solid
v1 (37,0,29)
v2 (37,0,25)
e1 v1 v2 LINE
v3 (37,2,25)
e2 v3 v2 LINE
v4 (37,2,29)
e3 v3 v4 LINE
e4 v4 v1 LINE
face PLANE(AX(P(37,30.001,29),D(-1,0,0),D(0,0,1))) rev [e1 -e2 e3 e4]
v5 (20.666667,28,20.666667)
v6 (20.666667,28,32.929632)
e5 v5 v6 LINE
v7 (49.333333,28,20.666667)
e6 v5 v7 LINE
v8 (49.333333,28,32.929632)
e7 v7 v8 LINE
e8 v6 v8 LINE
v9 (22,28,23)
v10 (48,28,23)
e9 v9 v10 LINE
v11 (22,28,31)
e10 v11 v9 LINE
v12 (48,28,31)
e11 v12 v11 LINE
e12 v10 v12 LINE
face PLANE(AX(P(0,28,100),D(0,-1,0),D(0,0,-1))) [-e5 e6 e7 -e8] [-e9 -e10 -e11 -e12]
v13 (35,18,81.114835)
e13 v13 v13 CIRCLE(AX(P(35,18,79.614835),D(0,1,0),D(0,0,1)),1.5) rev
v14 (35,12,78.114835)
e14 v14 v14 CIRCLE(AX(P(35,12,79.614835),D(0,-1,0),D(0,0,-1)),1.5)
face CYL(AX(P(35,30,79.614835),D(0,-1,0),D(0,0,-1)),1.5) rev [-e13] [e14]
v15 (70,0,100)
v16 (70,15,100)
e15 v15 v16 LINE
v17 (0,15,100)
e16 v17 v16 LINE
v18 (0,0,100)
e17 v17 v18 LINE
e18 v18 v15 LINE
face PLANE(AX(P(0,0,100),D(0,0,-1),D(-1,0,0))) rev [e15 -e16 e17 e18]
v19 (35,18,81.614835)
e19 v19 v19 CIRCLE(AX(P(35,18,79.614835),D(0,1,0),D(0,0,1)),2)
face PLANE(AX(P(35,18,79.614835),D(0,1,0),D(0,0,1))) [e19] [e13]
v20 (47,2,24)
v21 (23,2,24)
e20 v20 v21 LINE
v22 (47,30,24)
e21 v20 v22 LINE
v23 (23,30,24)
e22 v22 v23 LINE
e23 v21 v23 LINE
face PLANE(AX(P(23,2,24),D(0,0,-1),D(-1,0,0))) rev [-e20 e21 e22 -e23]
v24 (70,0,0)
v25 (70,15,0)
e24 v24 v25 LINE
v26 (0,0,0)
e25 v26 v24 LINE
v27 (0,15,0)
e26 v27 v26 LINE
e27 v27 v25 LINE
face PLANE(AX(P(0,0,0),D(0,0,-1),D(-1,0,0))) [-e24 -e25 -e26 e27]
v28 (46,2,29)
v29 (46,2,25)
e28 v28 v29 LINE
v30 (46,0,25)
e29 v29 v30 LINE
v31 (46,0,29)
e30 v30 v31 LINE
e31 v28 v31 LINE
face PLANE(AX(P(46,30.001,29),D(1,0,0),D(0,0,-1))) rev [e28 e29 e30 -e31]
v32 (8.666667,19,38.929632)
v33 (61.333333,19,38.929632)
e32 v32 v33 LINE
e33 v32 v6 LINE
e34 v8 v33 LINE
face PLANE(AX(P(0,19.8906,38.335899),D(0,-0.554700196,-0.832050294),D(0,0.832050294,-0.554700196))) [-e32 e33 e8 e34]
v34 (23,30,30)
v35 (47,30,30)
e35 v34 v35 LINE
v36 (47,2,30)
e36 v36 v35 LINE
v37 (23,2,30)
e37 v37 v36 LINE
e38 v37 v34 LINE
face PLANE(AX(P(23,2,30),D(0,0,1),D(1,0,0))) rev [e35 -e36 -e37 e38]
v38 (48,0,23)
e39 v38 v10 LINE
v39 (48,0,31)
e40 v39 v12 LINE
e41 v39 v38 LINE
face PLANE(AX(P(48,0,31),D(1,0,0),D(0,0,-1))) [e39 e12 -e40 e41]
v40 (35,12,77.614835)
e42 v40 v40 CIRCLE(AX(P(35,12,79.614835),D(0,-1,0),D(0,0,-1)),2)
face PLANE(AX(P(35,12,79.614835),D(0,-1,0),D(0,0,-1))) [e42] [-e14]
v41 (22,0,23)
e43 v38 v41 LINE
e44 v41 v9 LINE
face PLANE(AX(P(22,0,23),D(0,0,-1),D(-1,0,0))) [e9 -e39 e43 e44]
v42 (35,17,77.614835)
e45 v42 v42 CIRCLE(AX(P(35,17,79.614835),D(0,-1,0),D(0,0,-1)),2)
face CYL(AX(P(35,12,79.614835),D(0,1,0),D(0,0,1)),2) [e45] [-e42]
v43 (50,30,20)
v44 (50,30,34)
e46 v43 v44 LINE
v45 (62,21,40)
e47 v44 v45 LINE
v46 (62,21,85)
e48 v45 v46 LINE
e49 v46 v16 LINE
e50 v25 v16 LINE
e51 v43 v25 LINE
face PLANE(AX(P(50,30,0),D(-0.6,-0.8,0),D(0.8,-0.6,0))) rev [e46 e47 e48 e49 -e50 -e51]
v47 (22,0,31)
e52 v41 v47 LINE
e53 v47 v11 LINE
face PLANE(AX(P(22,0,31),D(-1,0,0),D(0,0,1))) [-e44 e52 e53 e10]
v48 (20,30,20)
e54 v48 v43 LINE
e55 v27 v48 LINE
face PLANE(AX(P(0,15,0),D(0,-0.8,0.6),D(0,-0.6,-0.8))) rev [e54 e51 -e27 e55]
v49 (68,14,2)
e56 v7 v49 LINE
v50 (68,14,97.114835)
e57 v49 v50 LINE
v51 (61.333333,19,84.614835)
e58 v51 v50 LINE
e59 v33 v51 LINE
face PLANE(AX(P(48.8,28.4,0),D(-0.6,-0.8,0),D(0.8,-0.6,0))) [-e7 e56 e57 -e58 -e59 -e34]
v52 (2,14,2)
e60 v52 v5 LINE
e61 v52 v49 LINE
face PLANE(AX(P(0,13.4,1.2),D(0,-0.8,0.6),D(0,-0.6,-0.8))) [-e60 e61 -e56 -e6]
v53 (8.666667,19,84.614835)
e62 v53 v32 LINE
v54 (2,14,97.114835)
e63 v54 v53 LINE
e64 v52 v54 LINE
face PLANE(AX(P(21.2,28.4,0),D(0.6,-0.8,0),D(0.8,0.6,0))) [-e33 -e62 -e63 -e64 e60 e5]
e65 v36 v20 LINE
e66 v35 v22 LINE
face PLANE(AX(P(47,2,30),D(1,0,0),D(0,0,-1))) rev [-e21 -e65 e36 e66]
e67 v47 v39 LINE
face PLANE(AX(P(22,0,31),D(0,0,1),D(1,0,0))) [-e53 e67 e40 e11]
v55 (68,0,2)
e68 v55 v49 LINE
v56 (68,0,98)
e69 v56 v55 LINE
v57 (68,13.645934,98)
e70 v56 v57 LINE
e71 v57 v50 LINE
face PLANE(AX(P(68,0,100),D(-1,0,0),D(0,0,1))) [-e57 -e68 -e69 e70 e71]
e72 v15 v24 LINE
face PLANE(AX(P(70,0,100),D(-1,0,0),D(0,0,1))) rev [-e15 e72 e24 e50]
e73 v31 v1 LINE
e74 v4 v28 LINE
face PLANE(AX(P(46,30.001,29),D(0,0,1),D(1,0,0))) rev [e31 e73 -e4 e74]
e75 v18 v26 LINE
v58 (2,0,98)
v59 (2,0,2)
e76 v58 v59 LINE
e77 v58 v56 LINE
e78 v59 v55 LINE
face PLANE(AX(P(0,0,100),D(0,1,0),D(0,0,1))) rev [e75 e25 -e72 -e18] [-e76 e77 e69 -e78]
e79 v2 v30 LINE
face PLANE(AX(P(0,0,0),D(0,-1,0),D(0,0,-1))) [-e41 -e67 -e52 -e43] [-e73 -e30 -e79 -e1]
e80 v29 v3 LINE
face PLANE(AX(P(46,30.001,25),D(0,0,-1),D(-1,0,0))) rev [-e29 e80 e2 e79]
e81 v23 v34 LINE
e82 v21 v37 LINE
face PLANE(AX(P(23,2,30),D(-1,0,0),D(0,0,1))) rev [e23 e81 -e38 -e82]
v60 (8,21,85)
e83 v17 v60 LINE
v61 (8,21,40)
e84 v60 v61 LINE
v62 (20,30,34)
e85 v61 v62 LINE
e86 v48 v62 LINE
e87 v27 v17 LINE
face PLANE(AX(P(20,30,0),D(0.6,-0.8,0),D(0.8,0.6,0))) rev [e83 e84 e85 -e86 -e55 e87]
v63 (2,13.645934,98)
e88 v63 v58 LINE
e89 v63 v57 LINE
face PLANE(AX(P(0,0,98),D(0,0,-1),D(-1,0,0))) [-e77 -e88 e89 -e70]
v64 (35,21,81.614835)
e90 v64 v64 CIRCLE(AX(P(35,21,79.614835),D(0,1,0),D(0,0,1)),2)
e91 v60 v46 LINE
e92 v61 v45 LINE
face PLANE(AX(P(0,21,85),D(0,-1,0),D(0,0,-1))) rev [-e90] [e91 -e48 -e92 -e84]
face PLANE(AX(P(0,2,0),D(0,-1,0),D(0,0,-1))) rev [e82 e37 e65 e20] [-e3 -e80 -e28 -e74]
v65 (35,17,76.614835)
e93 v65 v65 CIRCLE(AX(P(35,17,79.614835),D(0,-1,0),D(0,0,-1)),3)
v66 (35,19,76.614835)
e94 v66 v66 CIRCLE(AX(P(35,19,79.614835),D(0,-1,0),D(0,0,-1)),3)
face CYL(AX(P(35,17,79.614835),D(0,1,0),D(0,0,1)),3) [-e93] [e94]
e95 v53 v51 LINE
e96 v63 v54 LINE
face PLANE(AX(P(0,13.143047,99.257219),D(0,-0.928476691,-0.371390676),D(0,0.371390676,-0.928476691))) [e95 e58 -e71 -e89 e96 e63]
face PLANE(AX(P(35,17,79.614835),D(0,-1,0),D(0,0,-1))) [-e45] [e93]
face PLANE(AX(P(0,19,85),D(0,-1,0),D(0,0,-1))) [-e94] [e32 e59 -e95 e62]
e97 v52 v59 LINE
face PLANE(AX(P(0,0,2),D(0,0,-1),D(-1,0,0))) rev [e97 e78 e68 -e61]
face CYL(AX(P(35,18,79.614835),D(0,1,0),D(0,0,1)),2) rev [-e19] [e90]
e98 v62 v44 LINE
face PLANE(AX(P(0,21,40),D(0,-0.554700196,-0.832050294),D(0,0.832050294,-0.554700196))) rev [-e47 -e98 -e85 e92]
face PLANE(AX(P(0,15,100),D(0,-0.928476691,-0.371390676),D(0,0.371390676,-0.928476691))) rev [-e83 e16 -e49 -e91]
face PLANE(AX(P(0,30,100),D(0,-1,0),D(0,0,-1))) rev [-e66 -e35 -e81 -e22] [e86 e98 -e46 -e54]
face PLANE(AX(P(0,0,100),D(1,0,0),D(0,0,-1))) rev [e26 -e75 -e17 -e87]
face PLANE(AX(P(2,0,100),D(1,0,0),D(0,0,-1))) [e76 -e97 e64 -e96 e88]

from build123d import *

# Parameters (mm, degrees)
SKIZZE1_W                       = 70
SKIZZE1_H                       = 30
AUFSATZ_LINEAR_AUSTRAGEN1_DEPTH = 100
SCHNITT_LINEAR_AUSTRAGEN2_DEPTH = 126.6980509
SCHNITT_LINEAR_AUSTRAGEN3_DEPTH = 100
SCHNITT_LINEAR_AUSTRAGEN4_DEPTH = 126.6980509
WANDUNG1_T                      = -2
SKIZZE10_R                      = 3
AUFSATZ_LINEAR_AUSTRAGEN2_DEPTH = 2
SKIZZE12_R                      = 2
AUFSATZ_LINEAR_AUSTRAGEN3_DEPTH = 5
SKIZZE13_R                      = 1.5
SCHNITT_LINEAR_AUSTRAGEN5_DEPTH = 124.385574521
SKIZZE15_R                      = 2
SCHNITT_LINEAR_AUSTRAGEN6_DEPTH = 3
SKIZZE26_W                      = 26
SKIZZE26_H                      = 8
AUFSATZ_LINEAR_AUSTRAGEN4_DEPTH = 30
SKIZZE27_W                      = 24
SKIZZE27_H                      = 6
SCHNITT_LINEAR_AUSTRAGEN8_DEPTH = 28
SCHNITT_LINEAR_AUSTRAGEN9_REACH = 127.698
SKIZZE28_W                      = 9
SKIZZE28_H                      = 4


with BuildPart() as part:
    # Skizze1 → Aufsatz-Linear austragen1 (new body)
    with BuildSketch(Plane.XY):
        with Locations((35, 15)):
            Rectangle(SKIZZE1_W, SKIZZE1_H)
    extrude(amount=AUFSATZ_LINEAR_AUSTRAGEN1_DEPTH)

    # Skizze4 → Schnitt-Linear austragen2 (cut, through all)
    with BuildSketch(Plane(origin=(70, 0, 0), x_dir=(0, 0, -1), z_dir=(1, 0, 0))):
        Polygon((0, 15), (-20, 30), (0, 30), align=None)
    extrude(amount=-SCHNITT_LINEAR_AUSTRAGEN2_DEPTH, mode=Mode.SUBTRACT)

    # Skizze5 → Schnitt-Linear austragen3 (cut)
    with BuildSketch(Plane.XY.offset(100)):
        Polygon((0, 30), (20, 30), (0, 15), align=None)
        Polygon((70, 30), (50, 30), (70, 15), align=None)
    extrude(amount=-SCHNITT_LINEAR_AUSTRAGEN3_DEPTH, mode=Mode.SUBTRACT)

    # Skizze8 → Schnitt-Linear austragen4 (cut, through all)
    with BuildSketch(Plane(origin=(70, 0, 0), x_dir=(0, 0, -1), z_dir=(1, 0, 0))):
        Polygon((-100, 30), (-100, 15), (-85, 21), (-40, 21), (-34, 30), align=None)
    extrude(amount=-SCHNITT_LINEAR_AUSTRAGEN4_DEPTH, mode=Mode.SUBTRACT)

    # Wandung1
    wandung1_openings = [part.faces().sort_by_distance(p)[0] for p in [
        (35, 0, 50),
    ]]
    offset(amount=WANDUNG1_T, openings=wandung1_openings, kind=Kind.INTERSECTION)

    # Skizze10 → Aufsatz-Linear austragen2 (add)
    with BuildSketch(Plane.XZ.offset(-19)):
        with Locations((35, 79.614835193)):
            Circle(SKIZZE10_R)
    extrude(amount=AUFSATZ_LINEAR_AUSTRAGEN2_DEPTH)

    # Skizze12 → Aufsatz-Linear austragen3 (add)
    with BuildSketch(Plane.XZ.offset(-17)):
        with Locations((35, 79.614835193)):
            Circle(SKIZZE12_R)
    extrude(amount=AUFSATZ_LINEAR_AUSTRAGEN3_DEPTH)

    # Skizze13 → Schnitt-Linear austragen5 (cut, through all)
    with BuildSketch(Plane.XZ.offset(-12)):
        with Locations((35, 79.614835193)):
            Circle(SKIZZE13_R)
    extrude(amount=-SCHNITT_LINEAR_AUSTRAGEN5_DEPTH, mode=Mode.SUBTRACT)

    # Skizze15 → Schnitt-Linear austragen6 (cut)
    with BuildSketch(Plane(origin=(0, 21, 0), x_dir=(1, 0, 0), z_dir=(0, 1, 0))):
        with Locations((35, -79.614835193)):
            Circle(SKIZZE15_R)
    extrude(amount=-SCHNITT_LINEAR_AUSTRAGEN6_DEPTH, mode=Mode.SUBTRACT)

    # Skizze26 → Aufsatz-Linear austragen4 (add)
    with BuildSketch(Plane(origin=(0, 30, 0), x_dir=(1, 0, 0), z_dir=(0, 1, 0))):
        with Locations((35, -27)):
            Rectangle(SKIZZE26_W, SKIZZE26_H)
    extrude(amount=-AUFSATZ_LINEAR_AUSTRAGEN4_DEPTH)

    # Skizze27 → Schnitt-Linear austragen8 (cut)
    with BuildSketch(Plane(origin=(0, 30, 0), x_dir=(1, 0, 0), z_dir=(0, 1, 0))):
        with Locations((35, -27)):
            Rectangle(SKIZZE27_W, SKIZZE27_H)
    extrude(amount=-SCHNITT_LINEAR_AUSTRAGEN8_DEPTH, mode=Mode.SUBTRACT)

    # Skizze28 → Schnitt-Linear austragen9 (cut, up to next)
    with BuildSketch(Plane.XZ, mode=Mode.PRIVATE) as schnitt_linear_austragen9_sk1:
        with Locations((41.5, 27)):
            Rectangle(SKIZZE28_W, SKIZZE28_H)
    schnitt_linear_austragen9_tool1 = extrude(schnitt_linear_austragen9_sk1.sketch, amount=-SCHNITT_LINEAR_AUSTRAGEN9_REACH, mode=Mode.PRIVATE) & part.part
    add(schnitt_linear_austragen9_tool1.solids().sort_by_distance((41.5, 0, 27))[0], mode=Mode.SUBTRACT)


solid = part.part
